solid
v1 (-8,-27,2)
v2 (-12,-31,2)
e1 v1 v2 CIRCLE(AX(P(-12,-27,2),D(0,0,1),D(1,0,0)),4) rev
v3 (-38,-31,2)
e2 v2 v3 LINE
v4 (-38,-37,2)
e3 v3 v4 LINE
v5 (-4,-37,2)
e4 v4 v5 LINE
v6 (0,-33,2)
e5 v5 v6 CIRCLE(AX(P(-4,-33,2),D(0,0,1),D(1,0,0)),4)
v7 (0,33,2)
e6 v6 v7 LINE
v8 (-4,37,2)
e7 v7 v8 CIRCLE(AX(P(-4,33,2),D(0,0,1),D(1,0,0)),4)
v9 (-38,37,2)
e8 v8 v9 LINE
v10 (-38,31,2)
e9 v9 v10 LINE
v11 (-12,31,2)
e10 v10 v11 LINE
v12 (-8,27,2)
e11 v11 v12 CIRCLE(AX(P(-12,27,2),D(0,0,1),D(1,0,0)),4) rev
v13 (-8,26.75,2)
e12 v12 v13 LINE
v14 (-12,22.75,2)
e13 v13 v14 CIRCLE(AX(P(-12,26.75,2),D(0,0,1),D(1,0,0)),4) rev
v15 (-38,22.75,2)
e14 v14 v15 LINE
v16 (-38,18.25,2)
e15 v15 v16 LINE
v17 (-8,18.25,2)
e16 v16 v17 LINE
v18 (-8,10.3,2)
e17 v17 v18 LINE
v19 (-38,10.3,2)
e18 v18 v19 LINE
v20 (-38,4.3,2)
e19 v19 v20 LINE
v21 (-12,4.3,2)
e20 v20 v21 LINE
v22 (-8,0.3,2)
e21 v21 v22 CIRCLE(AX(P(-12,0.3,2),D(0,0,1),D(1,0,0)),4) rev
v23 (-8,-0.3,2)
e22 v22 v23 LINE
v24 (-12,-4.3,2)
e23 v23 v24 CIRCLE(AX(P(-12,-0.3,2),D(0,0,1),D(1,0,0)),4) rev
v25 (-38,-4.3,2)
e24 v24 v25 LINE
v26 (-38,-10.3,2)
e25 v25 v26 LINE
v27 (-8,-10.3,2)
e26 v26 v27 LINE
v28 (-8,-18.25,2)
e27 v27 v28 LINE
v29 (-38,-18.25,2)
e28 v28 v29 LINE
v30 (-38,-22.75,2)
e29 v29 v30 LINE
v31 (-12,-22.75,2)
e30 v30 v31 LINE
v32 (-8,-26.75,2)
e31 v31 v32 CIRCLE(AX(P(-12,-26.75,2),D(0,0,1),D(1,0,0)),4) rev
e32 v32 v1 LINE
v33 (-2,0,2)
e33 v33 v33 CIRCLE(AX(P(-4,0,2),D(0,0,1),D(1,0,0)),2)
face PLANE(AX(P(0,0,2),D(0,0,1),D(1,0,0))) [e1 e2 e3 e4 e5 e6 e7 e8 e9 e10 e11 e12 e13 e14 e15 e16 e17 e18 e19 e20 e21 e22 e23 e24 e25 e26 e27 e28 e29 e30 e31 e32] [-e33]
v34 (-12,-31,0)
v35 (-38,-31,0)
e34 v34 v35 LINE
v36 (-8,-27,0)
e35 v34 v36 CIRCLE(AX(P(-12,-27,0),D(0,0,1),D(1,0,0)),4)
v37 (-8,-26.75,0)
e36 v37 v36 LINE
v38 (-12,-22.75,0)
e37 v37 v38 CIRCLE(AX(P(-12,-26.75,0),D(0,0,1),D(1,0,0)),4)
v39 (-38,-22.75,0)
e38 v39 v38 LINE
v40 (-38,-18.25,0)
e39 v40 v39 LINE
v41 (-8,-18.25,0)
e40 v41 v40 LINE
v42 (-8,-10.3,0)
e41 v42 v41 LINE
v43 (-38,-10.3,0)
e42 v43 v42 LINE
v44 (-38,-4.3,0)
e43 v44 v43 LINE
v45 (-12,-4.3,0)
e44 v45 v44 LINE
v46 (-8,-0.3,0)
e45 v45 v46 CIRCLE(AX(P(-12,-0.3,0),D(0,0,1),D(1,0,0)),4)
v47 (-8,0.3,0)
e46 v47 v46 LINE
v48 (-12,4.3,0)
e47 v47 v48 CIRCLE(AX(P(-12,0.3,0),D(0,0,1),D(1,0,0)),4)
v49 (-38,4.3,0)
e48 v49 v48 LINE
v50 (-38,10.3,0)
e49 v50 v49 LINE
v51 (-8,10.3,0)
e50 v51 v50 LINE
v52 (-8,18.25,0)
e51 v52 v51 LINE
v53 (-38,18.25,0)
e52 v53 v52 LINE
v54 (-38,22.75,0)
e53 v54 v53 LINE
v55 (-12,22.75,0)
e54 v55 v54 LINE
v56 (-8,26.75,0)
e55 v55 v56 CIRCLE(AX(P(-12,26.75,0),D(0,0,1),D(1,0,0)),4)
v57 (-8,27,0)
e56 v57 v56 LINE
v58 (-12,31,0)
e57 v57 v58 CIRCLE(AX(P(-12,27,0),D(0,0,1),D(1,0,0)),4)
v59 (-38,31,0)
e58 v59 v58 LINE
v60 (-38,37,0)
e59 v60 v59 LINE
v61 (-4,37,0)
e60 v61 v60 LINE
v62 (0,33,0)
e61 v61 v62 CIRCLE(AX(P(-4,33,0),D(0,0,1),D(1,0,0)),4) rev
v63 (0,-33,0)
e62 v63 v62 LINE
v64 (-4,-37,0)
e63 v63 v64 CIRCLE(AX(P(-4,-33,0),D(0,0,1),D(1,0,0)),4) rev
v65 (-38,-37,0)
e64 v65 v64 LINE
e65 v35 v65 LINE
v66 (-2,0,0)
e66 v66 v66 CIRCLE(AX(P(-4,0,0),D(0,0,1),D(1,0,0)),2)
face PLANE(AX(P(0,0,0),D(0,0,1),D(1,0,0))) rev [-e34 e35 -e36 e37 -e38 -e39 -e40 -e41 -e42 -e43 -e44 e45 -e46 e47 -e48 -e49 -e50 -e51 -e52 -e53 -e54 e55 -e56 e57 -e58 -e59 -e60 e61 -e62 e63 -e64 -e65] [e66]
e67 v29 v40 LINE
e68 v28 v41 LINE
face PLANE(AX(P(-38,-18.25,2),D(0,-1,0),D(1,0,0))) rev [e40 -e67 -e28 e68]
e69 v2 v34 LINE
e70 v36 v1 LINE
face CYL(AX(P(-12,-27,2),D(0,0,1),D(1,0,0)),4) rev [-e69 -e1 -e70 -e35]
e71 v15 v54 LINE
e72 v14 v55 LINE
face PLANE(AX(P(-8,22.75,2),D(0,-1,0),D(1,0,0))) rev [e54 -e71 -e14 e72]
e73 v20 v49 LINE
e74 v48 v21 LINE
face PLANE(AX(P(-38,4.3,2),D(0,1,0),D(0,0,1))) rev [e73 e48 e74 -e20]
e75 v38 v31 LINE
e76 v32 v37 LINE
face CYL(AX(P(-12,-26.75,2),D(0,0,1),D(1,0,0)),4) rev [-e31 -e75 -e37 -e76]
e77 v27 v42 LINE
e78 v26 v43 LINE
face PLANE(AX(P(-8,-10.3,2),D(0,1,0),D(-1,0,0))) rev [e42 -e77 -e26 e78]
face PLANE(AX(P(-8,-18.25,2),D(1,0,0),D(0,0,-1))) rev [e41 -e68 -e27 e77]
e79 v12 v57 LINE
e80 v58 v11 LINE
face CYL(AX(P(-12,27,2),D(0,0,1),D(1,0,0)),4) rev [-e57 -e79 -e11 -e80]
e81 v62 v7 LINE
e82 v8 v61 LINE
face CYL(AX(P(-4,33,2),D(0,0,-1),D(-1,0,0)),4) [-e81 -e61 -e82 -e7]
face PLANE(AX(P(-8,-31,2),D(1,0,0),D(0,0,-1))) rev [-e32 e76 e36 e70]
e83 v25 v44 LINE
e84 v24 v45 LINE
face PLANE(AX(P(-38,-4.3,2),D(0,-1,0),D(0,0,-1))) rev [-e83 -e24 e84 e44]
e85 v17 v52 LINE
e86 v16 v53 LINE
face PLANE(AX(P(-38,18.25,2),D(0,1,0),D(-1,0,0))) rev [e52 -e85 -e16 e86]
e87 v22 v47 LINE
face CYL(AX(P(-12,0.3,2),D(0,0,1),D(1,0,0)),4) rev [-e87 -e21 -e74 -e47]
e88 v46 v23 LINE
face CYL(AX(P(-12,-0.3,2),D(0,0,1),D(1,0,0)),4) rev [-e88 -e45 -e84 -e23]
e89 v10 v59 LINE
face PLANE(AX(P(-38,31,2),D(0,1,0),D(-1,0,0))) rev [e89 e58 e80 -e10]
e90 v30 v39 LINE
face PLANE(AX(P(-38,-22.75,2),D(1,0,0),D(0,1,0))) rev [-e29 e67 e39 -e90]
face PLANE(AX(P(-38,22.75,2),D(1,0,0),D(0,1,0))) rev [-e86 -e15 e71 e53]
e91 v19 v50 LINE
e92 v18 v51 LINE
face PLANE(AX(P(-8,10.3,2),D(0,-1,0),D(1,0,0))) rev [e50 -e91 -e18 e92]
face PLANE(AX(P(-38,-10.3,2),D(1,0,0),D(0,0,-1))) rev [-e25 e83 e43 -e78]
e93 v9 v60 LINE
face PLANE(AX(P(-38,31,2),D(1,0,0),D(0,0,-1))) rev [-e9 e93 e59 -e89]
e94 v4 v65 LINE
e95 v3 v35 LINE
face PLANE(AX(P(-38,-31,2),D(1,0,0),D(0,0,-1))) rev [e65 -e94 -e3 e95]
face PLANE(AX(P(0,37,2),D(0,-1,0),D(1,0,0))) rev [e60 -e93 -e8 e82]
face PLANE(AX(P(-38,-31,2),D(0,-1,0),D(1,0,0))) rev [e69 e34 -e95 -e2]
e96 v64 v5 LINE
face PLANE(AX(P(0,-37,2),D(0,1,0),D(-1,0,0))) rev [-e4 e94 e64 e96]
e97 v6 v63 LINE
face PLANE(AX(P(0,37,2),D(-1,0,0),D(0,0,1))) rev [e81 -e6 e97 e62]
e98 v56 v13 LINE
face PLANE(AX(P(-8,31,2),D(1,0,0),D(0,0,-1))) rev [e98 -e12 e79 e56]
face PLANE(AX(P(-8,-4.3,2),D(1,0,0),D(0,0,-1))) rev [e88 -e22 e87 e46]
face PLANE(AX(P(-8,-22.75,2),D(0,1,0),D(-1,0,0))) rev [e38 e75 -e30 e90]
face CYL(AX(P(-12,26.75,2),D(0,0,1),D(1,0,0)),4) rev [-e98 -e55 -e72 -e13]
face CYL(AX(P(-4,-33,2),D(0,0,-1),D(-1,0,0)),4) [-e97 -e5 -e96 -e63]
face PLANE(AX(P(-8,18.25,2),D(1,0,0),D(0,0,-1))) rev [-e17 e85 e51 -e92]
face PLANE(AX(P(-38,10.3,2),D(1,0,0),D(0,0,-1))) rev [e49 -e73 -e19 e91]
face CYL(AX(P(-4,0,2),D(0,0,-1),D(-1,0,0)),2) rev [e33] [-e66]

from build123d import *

# Parameters (mm, degrees)
SKETCH_1_R      = 2
EXTRUDE_1_DEPTH = 2
FILLET_1_R      = 4


with BuildPart() as part:
    # ｽｹｯﾁ1 → ﾎﾞｽ - 押し出し1 (new body)
    with BuildSketch(Plane.XY):
        Polygon((-38, -31), (-38, -37), (0, -37), (0, 37), (-38, 37), (-38, 31), (-8, 31), (-8, 22.75), (-38, 22.75), (-38, 18.25), (-8, 18.25), (-8, 10.3), (-38, 10.3), (-38, 4.3), (-8, 4.3), (-8, -4.3), (-38, -4.3), (-38, -10.3), (-8, -10.3), (-8, -18.25), (-38, -18.25), (-38, -22.75), (-8, -22.75), (-8, -31), align=None)
        with Locations((-4, 0)):
            Circle(SKETCH_1_R, mode=Mode.SUBTRACT)
    extrude(amount=EXTRUDE_1_DEPTH)

    # ﾌｨﾚｯﾄ1
    fillet_1_edges = [part.edges().sort_by_distance(p)[0] for p in [
        (-8, -31, 1),
        (-8, -22.75, 1),
        (-8, -4.3, 1),
        (-8, 4.3, 1),
        (-8, 22.75, 1),
        (-8, 31, 1),
        (0, 37, 1),
        (0, -37, 1),
    ]]
    fillet(fillet_1_edges, radius=FILLET_1_R)


solid = part.part
